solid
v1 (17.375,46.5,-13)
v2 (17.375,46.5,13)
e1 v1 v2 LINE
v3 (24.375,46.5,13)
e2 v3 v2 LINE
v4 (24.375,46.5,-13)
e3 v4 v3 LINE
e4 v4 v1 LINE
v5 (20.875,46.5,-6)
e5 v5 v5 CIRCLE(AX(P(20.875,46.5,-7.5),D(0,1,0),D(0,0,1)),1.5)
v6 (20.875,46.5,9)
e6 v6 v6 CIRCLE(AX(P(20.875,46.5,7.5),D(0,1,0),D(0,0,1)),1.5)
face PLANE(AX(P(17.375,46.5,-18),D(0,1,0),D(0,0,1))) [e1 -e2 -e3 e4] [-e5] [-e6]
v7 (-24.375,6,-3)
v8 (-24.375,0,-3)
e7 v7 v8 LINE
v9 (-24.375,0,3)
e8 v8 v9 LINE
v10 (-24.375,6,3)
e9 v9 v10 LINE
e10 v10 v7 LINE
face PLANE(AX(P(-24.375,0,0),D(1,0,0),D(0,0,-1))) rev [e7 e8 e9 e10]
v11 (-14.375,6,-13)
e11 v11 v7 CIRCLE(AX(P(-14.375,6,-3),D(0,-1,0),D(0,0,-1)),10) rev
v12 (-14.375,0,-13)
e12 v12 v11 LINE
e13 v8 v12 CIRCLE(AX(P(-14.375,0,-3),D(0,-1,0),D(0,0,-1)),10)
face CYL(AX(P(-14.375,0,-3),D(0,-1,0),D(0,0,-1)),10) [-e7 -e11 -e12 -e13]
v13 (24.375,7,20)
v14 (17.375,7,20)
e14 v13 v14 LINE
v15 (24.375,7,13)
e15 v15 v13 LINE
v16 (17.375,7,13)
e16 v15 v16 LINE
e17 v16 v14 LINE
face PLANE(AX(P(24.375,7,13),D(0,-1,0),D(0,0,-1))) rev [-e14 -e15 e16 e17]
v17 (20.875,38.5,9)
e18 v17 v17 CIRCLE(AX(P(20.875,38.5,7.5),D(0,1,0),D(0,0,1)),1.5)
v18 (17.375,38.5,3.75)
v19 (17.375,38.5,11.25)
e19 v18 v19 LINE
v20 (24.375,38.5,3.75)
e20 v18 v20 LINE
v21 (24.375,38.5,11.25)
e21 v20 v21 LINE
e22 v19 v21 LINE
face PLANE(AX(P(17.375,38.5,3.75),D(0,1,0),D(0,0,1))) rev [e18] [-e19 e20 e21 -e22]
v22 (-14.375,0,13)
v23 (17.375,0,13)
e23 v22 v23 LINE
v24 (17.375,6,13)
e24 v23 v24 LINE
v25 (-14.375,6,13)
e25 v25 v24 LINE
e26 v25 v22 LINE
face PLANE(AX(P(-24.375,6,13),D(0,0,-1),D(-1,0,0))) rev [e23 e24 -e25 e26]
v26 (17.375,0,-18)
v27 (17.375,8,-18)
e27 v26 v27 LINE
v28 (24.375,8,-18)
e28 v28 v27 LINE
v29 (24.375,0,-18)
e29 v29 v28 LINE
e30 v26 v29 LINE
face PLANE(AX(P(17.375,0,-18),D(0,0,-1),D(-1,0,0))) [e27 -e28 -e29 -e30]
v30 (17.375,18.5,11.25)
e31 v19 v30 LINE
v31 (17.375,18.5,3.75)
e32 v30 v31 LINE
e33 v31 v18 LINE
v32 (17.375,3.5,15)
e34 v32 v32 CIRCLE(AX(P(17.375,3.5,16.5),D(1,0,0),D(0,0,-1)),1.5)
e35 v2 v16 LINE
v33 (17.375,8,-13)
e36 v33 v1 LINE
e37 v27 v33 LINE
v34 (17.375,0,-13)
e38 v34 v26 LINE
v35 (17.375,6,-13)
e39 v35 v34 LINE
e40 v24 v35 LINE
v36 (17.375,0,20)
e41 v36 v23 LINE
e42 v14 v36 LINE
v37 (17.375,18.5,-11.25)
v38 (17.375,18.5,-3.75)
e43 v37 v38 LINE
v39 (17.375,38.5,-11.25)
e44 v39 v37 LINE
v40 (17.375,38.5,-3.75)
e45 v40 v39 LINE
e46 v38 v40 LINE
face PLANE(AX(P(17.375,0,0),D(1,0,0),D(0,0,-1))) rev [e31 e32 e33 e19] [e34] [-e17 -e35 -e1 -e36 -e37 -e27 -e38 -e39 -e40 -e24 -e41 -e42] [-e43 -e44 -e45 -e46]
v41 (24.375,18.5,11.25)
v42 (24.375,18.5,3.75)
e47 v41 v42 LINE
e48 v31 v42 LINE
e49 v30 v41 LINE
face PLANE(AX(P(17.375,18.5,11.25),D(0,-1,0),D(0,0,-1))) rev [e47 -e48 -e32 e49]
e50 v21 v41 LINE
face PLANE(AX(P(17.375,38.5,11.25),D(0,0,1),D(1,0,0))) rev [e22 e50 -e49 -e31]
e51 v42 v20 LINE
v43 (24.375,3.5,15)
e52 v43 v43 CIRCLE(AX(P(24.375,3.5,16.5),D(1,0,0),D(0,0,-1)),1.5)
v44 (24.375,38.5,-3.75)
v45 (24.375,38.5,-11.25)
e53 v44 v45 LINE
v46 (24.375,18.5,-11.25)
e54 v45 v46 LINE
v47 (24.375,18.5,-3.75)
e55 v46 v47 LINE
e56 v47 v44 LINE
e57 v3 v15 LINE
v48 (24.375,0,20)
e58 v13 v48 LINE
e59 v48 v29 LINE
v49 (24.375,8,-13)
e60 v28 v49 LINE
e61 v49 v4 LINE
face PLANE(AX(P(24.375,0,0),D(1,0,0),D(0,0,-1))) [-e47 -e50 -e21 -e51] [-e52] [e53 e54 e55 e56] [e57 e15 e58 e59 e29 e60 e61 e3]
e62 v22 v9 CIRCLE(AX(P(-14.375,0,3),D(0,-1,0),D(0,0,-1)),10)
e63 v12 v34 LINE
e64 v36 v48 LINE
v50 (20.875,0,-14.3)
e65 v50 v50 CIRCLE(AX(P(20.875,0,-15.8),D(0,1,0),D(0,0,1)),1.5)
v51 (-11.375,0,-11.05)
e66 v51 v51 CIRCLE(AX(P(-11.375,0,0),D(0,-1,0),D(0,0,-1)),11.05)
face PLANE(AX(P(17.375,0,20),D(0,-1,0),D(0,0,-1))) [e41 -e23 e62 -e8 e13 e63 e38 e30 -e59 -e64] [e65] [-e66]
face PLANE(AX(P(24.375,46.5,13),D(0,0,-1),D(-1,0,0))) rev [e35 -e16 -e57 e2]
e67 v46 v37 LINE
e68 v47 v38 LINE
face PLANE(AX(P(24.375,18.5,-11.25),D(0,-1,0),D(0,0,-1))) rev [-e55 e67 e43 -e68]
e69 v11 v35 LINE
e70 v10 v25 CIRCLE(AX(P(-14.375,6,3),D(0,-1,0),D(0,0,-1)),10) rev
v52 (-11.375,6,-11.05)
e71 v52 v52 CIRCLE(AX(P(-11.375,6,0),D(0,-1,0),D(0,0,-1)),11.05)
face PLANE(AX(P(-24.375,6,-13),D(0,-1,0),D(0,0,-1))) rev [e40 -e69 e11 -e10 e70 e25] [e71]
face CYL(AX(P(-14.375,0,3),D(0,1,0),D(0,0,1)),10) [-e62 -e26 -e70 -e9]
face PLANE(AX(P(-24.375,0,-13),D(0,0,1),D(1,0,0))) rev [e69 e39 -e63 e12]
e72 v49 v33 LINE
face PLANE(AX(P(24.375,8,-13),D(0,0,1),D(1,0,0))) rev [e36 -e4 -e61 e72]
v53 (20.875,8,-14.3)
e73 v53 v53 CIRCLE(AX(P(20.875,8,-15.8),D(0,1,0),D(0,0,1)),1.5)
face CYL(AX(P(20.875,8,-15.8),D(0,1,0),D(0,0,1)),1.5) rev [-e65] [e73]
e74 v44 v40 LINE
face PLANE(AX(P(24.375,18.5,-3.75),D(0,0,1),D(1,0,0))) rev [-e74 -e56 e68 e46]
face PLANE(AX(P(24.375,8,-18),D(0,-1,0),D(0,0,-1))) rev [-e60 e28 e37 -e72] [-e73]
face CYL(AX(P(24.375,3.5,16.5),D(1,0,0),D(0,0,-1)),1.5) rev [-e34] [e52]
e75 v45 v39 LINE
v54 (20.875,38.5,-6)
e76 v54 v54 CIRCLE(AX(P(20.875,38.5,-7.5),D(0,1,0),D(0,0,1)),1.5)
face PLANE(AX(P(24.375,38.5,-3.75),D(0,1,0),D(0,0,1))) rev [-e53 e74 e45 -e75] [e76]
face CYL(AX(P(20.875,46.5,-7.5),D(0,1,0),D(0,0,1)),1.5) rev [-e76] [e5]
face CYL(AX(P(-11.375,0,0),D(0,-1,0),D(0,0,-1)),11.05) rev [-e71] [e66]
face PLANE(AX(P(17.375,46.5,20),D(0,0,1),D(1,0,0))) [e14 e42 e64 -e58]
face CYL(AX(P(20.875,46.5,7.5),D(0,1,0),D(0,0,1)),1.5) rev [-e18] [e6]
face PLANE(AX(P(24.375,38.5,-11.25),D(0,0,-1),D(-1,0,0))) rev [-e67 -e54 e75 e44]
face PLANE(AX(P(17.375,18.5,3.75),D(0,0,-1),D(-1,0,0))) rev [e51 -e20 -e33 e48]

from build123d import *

# Parameters (mm, degrees)
SKETCH_1_W                = 38
SKETCH_1_H                = 46.5
EXTRUDE_1_DEPTH           = 7
SKETCH_2_W                = 5
SKETCH_2_H                = 38.5
CUT_EXTRUDE_1_DEPTH       = 52.100391388
SKETCH_3_W                = 7
SKETCH_3_H                = 39.5
CUT_EXTRUDE_2_DEPTH       = 52.100391388
SKETCH_4_W                = 7.5
SKETCH_4_H                = 20
CUT_EXTRUDE_3_DEPTH       = 52.100391388
SKETCH_5_W                = 7.5
SKETCH_5_H                = 20
CUT_EXTRUDE_4_DEPTH       = 52.100391388
SKETCH_6_W                = 26
SKETCH_6_H                = 6
EXTRUDE_2_DEPTH           = 41.75
HOLE_WIZARD_3_0_3_1_D     = 3
HOLE_WIZARD_3_0_3_1_DEPTH = 8
HOLE_WIZARD_3_0_3_2_D     = 3
HOLE_WIZARD_3_0_3_2_DEPTH = 48.75
HOLE_WIZARD_3_0_3_3_D     = 3
HOLE_WIZARD_M201_D        = 22.1
HOLE_WIZARD_M201_DEPTH    = 46.5
FILLET_1_R                = 10


with BuildPart() as part:
    # Эскиз1 → Бобышка-Вытянуть1 (new body)
    with BuildSketch(Plane(origin=(24.375, 0, 0), x_dir=(0, 0, -1), z_dir=(1, 0, 0))):
        with Locations((-1, 23.25)):
            Rectangle(SKETCH_1_W, SKETCH_1_H)
    extrude(amount=-EXTRUDE_1_DEPTH)

    # Эскиз2 → Вырез-Вытянуть1 (cut, through all)
    with BuildSketch(Plane.ZY.offset(-17.375)):
        with Locations((-15.5, 27.25)):
            Rectangle(SKETCH_2_W, SKETCH_2_H)
    extrude(amount=-CUT_EXTRUDE_1_DEPTH, mode=Mode.SUBTRACT)

    # Эскиз3 → Вырез-Вытянуть2 (cut, through all)
    with BuildSketch(Plane.ZY.offset(-17.375)):
        with Locations((16.5, 26.75)):
            Rectangle(SKETCH_3_W, SKETCH_3_H)
    extrude(amount=-CUT_EXTRUDE_2_DEPTH, mode=Mode.SUBTRACT)

    # Эскиз4 → Вырез-Вытянуть3 (cut, through all)
    with BuildSketch(Plane(origin=(24.375, 0, 0), x_dir=(0, 0, -1), z_dir=(1, 0, 0))):
        with Locations((-7.5, 28.5)):
            Rectangle(SKETCH_4_W, SKETCH_4_H)
    extrude(amount=-CUT_EXTRUDE_3_DEPTH, mode=Mode.SUBTRACT)

    # Эскиз5 → Вырез-Вытянуть4 (cut, through all)
    with BuildSketch(Plane.ZY.offset(-17.375)):
        with Locations((-7.5, 28.5)):
            Rectangle(SKETCH_5_W, SKETCH_5_H)
    extrude(amount=-CUT_EXTRUDE_4_DEPTH, mode=Mode.SUBTRACT)

    # Эскиз6 → Бобышка-Вытянуть2 (add)
    with BuildSketch(Plane.ZY.offset(-17.375)):
        with Locations((0, 3)):
            Rectangle(SKETCH_6_W, SKETCH_6_H)
    extrude(amount=EXTRUDE_2_DEPTH)

    # Диаметр отверстия Ø3.0 (3)1
    with Locations(Plane(origin=(0, 46.5, 0), x_dir=(1, 0, 0), z_dir=(0, 1, 0))):
        with Locations((20.875, -7.5), (20.875, 7.5)):
            Hole(HOLE_WIZARD_3_0_3_1_D / 2, depth=HOLE_WIZARD_3_0_3_1_DEPTH)

    # Диаметр отверстия Ø3.0 (3)2
    with Locations(Plane(origin=(24.375, 0, 0), x_dir=(0, 0, -1), z_dir=(1, 0, 0))):
        with Locations((-16.5, 3.5)):
            Hole(HOLE_WIZARD_3_0_3_2_D / 2, depth=HOLE_WIZARD_3_0_3_2_DEPTH)

    # Диаметр отверстия Ø3.0 (3)3 (through all)
    with Locations(Plane(origin=(0, 8, 0), x_dir=(1, 0, 0), z_dir=(0, 1, 0))):
        with Locations((20.875, 15.8)):
            Hole(HOLE_WIZARD_3_0_3_3_D / 2)

    # Отверстие с зазором M201
    with Locations(Plane(origin=(0, 0, 0), x_dir=(-1, 0, 0), z_dir=(0, -1, 0))):
        with Locations((11.375, 0)):
            Hole(HOLE_WIZARD_M201_D / 2, depth=HOLE_WIZARD_M201_DEPTH)

    # Скругление1
    fillet_1_edges = [part.edges().sort_by_distance(p)[0] for p in [
        (-24.375, 3, -13),
        (-24.375, 3, 13),
    ]]
    fillet(fillet_1_edges, radius=FILLET_1_R)


solid = part.part
